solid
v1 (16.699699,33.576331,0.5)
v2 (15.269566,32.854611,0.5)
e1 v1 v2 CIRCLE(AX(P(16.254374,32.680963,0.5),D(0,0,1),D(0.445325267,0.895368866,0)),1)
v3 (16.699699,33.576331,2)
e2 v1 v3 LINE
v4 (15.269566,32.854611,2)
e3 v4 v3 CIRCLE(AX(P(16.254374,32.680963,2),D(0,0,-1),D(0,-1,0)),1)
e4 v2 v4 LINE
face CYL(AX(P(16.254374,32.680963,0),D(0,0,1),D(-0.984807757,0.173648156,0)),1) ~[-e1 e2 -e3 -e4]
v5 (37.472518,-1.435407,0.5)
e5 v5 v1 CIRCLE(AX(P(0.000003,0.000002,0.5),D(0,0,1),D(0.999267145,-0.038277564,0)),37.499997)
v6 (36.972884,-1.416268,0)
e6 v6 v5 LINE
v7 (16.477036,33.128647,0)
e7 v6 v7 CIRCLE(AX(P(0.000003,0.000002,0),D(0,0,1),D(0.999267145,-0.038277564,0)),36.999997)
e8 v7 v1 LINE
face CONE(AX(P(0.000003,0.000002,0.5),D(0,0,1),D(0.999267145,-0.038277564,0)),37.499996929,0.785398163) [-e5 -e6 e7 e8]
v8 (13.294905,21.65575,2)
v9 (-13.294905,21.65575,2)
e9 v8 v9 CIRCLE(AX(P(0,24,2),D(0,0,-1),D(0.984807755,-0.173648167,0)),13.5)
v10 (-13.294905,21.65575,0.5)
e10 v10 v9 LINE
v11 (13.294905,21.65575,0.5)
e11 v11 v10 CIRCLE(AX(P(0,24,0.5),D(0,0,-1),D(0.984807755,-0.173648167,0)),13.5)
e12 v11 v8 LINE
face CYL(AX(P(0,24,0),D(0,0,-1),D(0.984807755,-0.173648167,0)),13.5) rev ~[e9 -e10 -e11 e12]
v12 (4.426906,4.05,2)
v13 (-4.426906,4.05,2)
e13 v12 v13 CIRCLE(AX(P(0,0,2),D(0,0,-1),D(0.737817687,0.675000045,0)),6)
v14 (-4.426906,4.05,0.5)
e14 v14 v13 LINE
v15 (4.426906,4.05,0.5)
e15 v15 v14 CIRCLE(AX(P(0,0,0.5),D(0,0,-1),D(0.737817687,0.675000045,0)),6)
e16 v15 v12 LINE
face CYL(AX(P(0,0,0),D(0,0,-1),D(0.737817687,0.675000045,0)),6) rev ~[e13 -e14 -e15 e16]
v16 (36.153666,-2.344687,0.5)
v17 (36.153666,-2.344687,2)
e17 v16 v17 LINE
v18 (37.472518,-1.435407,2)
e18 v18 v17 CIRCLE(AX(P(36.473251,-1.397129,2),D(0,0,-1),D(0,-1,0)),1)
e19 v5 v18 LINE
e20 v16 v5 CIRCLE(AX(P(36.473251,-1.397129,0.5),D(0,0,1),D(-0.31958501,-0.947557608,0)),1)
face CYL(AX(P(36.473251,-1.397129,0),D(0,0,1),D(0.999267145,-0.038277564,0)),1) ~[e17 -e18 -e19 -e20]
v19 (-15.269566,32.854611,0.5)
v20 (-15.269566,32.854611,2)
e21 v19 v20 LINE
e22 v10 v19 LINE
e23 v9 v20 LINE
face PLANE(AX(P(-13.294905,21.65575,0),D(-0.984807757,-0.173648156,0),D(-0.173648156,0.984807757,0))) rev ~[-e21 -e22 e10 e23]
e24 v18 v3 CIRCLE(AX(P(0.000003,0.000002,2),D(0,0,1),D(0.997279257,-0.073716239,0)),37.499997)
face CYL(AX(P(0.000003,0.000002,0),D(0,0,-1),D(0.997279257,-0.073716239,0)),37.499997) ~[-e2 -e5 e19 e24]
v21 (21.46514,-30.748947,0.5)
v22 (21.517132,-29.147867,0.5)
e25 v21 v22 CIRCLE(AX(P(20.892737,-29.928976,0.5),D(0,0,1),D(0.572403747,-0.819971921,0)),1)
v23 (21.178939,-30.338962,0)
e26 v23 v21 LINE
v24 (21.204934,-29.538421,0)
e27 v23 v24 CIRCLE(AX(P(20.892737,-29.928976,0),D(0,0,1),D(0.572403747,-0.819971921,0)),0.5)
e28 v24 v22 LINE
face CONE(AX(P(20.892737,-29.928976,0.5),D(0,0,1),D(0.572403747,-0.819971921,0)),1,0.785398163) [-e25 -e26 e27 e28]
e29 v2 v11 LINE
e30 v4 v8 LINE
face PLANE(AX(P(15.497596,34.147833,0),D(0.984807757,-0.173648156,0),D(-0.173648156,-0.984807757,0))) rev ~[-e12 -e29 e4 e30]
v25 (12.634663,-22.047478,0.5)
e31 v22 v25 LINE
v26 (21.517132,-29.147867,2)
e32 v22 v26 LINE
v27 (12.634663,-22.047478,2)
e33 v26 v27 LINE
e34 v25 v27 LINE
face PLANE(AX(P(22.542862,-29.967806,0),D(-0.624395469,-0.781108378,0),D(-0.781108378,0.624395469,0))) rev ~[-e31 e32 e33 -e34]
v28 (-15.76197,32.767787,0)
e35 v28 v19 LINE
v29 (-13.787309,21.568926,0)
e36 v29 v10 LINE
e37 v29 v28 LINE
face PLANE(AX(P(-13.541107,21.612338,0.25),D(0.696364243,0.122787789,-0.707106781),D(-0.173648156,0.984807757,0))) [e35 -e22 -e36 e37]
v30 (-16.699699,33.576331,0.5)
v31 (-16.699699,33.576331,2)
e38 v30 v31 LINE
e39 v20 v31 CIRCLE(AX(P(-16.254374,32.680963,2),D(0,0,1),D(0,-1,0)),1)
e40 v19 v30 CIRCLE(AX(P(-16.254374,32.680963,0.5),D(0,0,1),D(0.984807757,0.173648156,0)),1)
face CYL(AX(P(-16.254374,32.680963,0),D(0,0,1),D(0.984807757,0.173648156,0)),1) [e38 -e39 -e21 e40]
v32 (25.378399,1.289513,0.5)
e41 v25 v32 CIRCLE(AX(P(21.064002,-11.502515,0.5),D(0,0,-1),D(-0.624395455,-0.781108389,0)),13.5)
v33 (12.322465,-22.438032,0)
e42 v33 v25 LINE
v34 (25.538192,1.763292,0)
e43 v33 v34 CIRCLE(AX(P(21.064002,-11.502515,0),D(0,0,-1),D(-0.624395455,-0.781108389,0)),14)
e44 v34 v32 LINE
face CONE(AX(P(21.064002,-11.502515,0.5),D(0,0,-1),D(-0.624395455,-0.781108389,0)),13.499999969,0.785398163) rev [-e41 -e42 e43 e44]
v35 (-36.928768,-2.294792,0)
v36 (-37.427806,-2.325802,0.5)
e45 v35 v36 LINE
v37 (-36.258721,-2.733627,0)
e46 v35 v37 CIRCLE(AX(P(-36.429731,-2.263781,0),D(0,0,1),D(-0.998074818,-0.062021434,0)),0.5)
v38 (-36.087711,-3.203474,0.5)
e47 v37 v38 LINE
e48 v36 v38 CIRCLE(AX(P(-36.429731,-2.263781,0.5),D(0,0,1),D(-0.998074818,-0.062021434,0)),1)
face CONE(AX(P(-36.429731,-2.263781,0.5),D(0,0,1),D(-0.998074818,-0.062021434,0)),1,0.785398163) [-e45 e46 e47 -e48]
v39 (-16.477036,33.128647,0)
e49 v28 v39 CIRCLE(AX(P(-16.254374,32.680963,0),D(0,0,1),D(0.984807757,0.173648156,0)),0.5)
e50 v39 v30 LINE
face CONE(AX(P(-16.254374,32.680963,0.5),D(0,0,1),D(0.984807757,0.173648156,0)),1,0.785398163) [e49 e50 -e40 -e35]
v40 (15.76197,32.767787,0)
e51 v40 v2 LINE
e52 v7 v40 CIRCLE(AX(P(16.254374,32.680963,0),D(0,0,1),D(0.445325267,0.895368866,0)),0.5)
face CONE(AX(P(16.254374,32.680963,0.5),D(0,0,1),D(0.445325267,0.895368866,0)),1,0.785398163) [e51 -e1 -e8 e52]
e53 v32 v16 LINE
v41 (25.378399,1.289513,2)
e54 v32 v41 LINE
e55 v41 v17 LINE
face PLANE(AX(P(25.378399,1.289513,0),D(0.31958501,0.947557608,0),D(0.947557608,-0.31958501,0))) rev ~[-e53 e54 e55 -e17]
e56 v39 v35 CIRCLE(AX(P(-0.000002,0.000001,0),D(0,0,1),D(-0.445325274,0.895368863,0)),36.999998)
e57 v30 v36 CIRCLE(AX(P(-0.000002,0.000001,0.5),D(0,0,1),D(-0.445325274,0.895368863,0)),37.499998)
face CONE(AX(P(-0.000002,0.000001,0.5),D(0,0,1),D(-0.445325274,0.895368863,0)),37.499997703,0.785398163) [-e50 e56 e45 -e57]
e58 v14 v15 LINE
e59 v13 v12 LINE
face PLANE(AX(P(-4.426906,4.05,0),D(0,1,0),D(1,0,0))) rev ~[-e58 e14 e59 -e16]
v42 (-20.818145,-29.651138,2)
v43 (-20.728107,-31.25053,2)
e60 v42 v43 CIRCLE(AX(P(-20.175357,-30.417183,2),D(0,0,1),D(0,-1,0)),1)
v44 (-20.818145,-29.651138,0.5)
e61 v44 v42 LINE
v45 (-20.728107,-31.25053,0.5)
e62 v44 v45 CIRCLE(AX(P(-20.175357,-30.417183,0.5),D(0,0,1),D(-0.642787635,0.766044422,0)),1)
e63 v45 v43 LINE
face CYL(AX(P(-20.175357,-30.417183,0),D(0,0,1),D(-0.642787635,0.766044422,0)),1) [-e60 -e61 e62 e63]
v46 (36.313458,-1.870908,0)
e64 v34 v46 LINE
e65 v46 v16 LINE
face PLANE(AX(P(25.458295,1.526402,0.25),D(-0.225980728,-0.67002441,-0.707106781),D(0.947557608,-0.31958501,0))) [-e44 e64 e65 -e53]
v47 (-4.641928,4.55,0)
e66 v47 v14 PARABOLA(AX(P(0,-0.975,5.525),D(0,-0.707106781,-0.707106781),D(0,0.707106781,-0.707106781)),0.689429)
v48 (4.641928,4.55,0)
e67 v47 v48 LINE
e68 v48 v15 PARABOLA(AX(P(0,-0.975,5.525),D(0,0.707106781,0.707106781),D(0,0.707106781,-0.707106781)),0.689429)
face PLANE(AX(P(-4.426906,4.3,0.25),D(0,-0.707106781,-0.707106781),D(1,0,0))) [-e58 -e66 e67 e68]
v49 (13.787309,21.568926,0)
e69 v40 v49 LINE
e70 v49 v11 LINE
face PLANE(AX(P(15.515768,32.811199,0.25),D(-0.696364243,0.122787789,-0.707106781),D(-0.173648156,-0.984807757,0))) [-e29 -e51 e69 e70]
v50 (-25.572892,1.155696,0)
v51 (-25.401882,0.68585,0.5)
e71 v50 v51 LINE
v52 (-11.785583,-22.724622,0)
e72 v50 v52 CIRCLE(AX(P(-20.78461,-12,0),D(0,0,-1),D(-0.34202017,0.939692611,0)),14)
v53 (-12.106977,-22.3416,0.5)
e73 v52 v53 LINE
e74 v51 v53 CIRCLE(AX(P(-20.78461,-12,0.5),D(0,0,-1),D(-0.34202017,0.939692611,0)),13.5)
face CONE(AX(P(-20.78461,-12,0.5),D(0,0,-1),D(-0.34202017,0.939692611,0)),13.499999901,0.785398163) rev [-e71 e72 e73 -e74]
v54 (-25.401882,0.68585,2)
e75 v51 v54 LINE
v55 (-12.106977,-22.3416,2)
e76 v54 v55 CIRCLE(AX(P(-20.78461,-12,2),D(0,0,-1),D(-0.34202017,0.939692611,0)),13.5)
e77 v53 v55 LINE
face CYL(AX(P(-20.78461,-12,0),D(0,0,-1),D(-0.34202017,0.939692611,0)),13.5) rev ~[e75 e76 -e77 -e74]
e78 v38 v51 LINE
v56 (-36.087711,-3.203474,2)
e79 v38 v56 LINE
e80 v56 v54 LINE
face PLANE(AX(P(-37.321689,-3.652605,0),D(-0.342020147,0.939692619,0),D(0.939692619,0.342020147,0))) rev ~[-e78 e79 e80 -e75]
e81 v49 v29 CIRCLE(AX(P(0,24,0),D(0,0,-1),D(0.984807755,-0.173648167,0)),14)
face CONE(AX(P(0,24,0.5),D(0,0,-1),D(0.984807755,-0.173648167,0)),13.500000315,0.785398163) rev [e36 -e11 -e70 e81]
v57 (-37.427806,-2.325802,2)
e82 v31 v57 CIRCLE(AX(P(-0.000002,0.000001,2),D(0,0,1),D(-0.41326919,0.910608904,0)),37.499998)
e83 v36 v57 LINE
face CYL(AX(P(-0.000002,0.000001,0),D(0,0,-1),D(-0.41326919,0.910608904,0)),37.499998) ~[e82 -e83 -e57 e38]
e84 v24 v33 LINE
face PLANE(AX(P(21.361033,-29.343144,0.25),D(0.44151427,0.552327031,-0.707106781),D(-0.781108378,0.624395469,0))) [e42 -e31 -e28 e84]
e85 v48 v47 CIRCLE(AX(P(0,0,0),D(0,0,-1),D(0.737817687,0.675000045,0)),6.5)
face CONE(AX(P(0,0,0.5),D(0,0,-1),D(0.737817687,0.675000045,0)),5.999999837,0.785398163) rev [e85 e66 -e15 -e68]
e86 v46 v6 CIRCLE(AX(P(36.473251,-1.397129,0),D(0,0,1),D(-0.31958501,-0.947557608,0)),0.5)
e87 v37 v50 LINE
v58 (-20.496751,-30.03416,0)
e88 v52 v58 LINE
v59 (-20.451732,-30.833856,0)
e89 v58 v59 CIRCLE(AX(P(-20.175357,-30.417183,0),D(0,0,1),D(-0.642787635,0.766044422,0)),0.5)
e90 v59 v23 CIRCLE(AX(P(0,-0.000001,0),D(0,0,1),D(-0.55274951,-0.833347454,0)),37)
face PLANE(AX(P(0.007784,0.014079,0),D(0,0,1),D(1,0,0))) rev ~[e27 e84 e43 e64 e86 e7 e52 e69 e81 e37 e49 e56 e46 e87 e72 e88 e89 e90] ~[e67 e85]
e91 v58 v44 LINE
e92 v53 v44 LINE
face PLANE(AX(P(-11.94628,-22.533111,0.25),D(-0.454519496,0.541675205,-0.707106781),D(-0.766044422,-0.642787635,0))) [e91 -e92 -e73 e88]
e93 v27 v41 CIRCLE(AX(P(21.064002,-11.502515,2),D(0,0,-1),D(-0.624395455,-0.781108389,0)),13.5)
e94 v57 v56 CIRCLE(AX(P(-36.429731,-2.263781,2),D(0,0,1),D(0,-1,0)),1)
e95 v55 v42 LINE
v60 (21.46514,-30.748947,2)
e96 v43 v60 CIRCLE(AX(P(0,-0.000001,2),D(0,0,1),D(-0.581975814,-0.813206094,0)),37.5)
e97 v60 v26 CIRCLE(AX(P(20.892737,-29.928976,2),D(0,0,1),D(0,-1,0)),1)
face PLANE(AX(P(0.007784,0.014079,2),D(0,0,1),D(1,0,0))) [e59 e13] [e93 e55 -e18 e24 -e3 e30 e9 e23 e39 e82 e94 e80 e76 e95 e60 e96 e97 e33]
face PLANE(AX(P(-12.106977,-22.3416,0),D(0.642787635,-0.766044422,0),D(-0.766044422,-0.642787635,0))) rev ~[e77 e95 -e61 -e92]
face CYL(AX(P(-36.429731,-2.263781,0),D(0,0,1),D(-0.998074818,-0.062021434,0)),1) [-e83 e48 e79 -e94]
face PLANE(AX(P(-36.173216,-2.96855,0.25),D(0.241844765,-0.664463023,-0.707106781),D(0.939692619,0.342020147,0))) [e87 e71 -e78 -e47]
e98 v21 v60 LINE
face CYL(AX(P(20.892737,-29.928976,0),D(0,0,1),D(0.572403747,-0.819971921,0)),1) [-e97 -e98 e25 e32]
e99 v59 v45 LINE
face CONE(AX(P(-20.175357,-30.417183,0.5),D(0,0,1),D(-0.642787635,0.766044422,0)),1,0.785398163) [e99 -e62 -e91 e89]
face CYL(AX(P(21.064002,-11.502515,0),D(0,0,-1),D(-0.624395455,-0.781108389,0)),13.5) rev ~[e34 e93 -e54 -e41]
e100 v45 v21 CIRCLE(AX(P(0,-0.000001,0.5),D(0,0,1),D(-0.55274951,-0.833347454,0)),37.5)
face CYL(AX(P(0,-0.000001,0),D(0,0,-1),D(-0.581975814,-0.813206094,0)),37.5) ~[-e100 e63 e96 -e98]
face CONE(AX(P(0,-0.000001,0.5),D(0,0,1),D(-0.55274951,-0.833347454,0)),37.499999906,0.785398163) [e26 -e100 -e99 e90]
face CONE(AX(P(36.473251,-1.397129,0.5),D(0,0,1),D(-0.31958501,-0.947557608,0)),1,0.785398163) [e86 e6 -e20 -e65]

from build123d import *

# Parameters (mm, degrees)
F1_DEPTH = 2
F2_R     = 1
F3_SIZE  = 0.5


with BuildPart() as f1:
    # F0 (on Top) → F1 (new body)
    with BuildSketch(Plane.XY):
        with BuildLine():
            Line((-13.294905, 21.65575), (-15.497596, 34.147833))
            ThreePointArc((-15.497596, 34.147833), (-32.475953, 18.75), (-37.321689, -3.652605))
            Line((-37.321689, -3.652605), (-25.401882, 0.68585))
            ThreePointArc((-25.401882, 0.68585), (-9.093267, -5.25), (-12.106977, -22.3416))
            Line((-12.106977, -22.3416), (-21.824093, -30.495229))
            ThreePointArc((-21.824093, -30.495229), (0.445759, -37.497351), (22.542862, -29.967806))
            Line((22.542862, -29.967806), (12.634663, -22.047478))
            ThreePointArc((12.634663, -22.047478), (9.215501, -5.03235), (25.378399, 1.289513))
            Line((25.378399, 1.289513), (37.397972, -2.764357))
            ThreePointArc((37.397972, -2.764357), (32.250779, 19.134714), (15.497596, 34.147833))
            Line((15.497596, 34.147833), (13.294905, 21.65575))
            ThreePointArc((13.294905, 21.65575), (0, 10.5), (-13.294905, 21.65575))
        make_face()
        with BuildLine():
            ThreePointArc((4.426906, 4.05), (0, -6), (-4.426906, 4.05))
            Line((-4.426906, 4.05), (4.426906, 4.05))
        make_face(mode=Mode.SUBTRACT)
    extrude(amount=F1_DEPTH)

    # F2
    f2_edges = [f1.edges().sort_by_distance(p)[0] for p in [
        (22.542862, -29.967806, 1),
        (37.397972, -2.764357, 1),
        (-21.824093, -30.495229, 1),
        (-37.321689, -3.652605, 1),
        (-15.497596, 34.147833, 1),
        (15.497596, 34.147833, 1),
    ]]
    fillet(f2_edges, radius=F2_R)

    # F3
    f3_edges = [f1.edges().sort_by_distance(p)[0] for p in [
        (30.766032, -0.527587, 0),
        (37.040868, -2.220421, 0),
        (9.215501, -5.03235, 0),
        (32.250779, 19.134714, 0),
        (17.075898, -25.597672, 0),
        (15.80384, 33.573722, 0),
        (21.89221, -29.961431, 0),
        (14.282235, 27.25518, 0),
        (0.445759, -37.497351, 0),
        (0, 10.5, 0),
        (-21.173776, -30.473388, 0),
        (-14.282235, 27.25518, 0),
        (-16.462561, -25.996369, 0),
        (-15.80384, 33.573722, 0),
        (-9.093267, -5.25, 0),
        (-32.475953, 18.75, 0),
        (-30.744796, -1.258811, 0),
        (-36.977617, -3.100334, 0),
        (0, -6, 0),
        (0, 4.05, 0),
    ]]
    chamfer(f3_edges, length=F3_SIZE)


solid = f1.part
